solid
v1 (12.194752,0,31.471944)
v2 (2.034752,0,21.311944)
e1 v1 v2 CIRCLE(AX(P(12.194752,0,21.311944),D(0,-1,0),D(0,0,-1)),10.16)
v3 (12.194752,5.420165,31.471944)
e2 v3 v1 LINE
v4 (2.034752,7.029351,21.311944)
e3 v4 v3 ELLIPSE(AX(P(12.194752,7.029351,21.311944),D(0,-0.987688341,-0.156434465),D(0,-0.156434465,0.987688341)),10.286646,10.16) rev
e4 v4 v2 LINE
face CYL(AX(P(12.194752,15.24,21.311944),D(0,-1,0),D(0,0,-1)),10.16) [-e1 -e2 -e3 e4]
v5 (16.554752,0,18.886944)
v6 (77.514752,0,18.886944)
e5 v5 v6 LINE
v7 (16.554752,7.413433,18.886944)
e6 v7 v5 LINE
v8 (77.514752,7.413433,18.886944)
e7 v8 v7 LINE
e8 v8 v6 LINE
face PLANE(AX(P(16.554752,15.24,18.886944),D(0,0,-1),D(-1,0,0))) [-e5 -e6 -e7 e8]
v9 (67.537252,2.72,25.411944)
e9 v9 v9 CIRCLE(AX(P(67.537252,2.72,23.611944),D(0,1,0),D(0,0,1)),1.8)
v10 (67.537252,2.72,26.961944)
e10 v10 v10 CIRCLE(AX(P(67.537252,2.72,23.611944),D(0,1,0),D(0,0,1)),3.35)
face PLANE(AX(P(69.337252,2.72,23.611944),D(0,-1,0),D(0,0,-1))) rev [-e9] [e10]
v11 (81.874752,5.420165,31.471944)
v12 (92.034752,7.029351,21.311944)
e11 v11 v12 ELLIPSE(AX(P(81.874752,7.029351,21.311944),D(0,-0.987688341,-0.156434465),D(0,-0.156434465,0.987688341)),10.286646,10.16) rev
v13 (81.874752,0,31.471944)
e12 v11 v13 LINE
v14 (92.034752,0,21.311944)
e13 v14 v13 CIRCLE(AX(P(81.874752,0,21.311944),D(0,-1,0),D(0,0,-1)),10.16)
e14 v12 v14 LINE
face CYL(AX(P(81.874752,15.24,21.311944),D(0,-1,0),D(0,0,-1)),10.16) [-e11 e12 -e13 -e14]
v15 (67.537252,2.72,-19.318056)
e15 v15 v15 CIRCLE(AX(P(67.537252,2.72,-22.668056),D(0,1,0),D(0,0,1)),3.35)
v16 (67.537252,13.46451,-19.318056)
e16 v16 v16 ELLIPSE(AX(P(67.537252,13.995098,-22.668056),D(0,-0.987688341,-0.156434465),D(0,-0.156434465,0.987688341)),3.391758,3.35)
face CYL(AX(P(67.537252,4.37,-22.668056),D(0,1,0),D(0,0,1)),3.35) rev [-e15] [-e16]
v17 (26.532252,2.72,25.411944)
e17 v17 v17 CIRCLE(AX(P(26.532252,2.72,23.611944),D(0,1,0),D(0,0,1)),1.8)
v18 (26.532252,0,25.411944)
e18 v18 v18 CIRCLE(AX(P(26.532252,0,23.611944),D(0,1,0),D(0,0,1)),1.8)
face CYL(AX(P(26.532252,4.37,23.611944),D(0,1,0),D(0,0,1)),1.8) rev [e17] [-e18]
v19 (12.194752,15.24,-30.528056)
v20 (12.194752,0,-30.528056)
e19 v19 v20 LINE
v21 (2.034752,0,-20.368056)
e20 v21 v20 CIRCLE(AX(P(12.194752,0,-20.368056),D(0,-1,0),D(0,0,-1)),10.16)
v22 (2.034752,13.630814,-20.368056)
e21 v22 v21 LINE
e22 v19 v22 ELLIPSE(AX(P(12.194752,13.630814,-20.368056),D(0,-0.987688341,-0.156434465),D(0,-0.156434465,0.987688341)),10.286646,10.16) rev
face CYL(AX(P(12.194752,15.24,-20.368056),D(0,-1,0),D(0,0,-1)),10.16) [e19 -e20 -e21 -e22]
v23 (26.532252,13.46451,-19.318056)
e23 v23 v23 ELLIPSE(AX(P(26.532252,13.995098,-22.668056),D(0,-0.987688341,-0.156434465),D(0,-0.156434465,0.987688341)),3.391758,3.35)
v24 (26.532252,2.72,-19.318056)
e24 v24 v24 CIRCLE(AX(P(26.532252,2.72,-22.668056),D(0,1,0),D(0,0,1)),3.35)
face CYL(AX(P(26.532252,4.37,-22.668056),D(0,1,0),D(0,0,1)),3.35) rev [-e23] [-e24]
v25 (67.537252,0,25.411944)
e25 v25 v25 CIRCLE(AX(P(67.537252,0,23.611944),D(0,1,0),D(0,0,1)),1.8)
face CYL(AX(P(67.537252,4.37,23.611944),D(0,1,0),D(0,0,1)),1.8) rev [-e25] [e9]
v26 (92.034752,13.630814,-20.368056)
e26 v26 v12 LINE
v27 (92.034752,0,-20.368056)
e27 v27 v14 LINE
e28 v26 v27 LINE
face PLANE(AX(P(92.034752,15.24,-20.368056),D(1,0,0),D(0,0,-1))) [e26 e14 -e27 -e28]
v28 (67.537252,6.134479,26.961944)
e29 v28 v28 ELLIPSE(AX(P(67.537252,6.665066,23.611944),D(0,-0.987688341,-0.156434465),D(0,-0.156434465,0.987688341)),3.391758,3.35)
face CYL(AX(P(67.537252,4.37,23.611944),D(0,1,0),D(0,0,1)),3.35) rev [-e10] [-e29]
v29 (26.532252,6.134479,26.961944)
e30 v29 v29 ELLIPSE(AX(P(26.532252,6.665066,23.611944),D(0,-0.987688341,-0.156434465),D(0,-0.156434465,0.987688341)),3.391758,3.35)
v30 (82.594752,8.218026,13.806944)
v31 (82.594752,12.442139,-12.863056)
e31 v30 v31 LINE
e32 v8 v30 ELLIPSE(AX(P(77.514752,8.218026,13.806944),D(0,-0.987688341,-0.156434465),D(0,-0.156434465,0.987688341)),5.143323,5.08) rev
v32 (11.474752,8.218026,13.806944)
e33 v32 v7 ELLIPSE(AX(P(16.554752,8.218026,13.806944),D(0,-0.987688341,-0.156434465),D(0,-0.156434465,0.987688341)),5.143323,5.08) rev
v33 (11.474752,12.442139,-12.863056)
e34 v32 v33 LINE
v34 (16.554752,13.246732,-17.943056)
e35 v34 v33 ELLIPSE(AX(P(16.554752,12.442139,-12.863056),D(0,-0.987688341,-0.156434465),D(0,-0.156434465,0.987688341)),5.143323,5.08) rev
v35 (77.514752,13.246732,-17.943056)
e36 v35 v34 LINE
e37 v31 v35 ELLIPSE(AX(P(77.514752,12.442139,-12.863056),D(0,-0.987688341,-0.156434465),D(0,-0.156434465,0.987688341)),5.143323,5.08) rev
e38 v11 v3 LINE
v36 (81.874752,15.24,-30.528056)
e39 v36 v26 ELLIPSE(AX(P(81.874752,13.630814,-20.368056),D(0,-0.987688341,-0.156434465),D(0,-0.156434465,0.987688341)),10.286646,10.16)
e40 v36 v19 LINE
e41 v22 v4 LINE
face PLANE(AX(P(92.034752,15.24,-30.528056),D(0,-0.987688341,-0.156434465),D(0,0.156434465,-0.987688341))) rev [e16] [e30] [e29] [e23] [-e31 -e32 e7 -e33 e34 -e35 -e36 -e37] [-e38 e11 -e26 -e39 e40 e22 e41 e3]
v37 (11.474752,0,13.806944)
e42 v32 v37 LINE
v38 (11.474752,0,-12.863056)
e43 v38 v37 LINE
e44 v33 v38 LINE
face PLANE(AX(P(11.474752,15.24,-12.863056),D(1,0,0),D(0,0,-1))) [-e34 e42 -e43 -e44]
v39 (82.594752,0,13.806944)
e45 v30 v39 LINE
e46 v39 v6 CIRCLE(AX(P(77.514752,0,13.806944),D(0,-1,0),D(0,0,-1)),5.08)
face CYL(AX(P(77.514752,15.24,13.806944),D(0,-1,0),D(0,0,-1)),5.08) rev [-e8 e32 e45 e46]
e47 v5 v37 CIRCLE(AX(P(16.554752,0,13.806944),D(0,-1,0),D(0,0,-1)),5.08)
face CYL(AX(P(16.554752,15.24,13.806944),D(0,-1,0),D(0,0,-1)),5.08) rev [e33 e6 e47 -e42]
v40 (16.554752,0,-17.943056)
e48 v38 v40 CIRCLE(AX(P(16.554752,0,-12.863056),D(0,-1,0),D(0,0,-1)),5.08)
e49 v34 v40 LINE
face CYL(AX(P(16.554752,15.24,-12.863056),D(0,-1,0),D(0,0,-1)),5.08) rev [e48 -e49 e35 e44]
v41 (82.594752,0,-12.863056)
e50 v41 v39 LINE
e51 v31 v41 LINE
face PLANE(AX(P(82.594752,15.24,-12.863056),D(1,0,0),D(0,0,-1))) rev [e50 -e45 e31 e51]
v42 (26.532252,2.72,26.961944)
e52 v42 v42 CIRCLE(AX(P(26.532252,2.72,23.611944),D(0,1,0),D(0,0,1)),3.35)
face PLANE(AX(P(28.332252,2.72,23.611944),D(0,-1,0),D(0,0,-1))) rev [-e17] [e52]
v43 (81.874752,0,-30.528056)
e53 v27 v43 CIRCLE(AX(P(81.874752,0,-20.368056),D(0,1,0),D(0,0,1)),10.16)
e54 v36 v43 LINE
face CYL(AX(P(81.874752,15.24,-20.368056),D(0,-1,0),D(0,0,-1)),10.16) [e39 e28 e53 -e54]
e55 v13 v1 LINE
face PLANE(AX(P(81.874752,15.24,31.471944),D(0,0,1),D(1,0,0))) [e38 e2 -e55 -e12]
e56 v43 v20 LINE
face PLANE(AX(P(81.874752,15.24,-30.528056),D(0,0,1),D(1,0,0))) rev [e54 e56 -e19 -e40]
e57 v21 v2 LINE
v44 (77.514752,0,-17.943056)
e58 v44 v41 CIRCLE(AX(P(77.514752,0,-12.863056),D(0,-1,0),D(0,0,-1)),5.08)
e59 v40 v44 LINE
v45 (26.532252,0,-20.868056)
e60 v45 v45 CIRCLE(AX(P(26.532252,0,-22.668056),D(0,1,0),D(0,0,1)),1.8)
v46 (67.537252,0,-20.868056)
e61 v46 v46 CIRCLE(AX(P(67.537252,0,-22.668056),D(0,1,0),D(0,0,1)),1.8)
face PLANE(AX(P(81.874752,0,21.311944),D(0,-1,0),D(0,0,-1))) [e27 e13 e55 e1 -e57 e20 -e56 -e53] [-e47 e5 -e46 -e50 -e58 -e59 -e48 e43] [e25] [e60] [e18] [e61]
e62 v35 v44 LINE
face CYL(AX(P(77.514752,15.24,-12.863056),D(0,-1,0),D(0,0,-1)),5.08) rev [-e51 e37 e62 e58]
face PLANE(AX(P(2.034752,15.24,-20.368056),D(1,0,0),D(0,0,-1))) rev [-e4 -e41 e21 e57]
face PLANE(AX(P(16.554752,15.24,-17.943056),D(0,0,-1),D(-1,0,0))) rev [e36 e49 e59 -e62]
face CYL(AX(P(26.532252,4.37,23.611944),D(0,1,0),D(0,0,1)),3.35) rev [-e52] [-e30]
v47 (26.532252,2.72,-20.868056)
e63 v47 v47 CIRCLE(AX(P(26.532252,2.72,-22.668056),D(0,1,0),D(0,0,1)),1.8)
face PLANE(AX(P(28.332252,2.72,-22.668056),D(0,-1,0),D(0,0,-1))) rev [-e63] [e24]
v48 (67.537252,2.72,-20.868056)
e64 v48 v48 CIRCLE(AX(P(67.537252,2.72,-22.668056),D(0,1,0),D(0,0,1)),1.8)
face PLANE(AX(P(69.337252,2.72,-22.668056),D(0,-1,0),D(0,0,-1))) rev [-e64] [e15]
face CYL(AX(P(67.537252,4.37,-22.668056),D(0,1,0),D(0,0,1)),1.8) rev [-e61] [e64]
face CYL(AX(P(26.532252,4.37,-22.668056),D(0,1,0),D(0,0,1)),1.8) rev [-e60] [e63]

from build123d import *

# Parameters (mm, degrees)
BOSS_EXTRUDE1_DEPTH            = 15.24
CUT_EXTRUDE1_DEPTH             = 97.554341556
CBORE_FOR_M3_SBHCS2_AT_2_COUNT = 2
CBORE_FOR_M3_SBHCS2_AT_2_PITCH = 41.005
CBORE_FOR_M3_SBHCS2_AT_3_COUNT = 2
CBORE_FOR_M3_SBHCS2_AT_3_PITCH = 61.832422118
CBORE_FOR_M3_SBHCS2_AT_4_COUNT = 2
CBORE_FOR_M3_SBHCS2_AT_4_PITCH = 46.28
SKETCH16_R                     = 3.35
CUT_EXTRUDE2_DEPTH             = 98.872548965


with BuildPart() as part:
    # Sketch2 → Boss-Extrude1 (new body)
    with BuildSketch(Plane(origin=(0, 0, 0), x_dir=(1, 0, 0), z_dir=(0, 1, 0))):
        with BuildLine():
            Line((81.8747525, 30.528055776), (12.1947525, 30.528055776))
            ThreePointArc((12.1947525, 30.528055776), (5.010547603, 27.552260673), (2.0347525, 20.368055776))
            Line((2.0347525, 20.368055776), (2.0347525, -21.311944224))
            ThreePointArc((2.0347525, -21.311944224), (5.010547603, -28.496149121), (12.1947525, -31.471944224))
            Line((12.1947525, -31.471944224), (81.8747525, -31.471944224))
            ThreePointArc((81.8747525, -31.471944224), (89.058957397, -28.496149121), (92.0347525, -21.311944224))
            Line((92.0347525, -21.311944224), (92.0347525, 20.368055776))
            ThreePointArc((92.0347525, 20.368055776), (89.058957397, 27.552260673), (81.8747525, 30.528055776))
        make_face()
        with BuildLine():
            Line((16.5547525, 17.943055776), (77.5147525, 17.943055776))
            ThreePointArc((77.5147525, 17.943055776), (81.106854948, 16.455158224), (82.5947525, 12.863055776))
            Line((82.5947525, 12.863055776), (82.5947525, -13.806944224))
            ThreePointArc((82.5947525, -13.806944224), (81.106854948, -17.399046672), (77.5147525, -18.886944224))
            Line((77.5147525, -18.886944224), (16.5547525, -18.886944224))
            ThreePointArc((16.5547525, -18.886944224), (12.962650051, -17.399046672), (11.4747525, -13.806944224))
            Line((11.4747525, -13.806944224), (11.4747525, 12.863055776))
            ThreePointArc((11.4747525, 12.863055776), (12.962650051, 16.455158224), (16.5547525, 17.943055776))
        make_face(mode=Mode.SUBTRACT)
    extrude(amount=BOSS_EXTRUDE1_DEPTH)

    # Sketch3 → Cut-Extrude1 (cut, through all)
    with BuildSketch(Plane.ZY.offset(-2.0347525)):
        Polygon((21.311944224, 15.24), (-20.368055776, 15.24), (-30.528055776, 15.24), (31.471944224, 5.4201647), (31.471944224, 15.24), align=None)
    extrude(amount=-CUT_EXTRUDE1_DEPTH, mode=Mode.SUBTRACT)

    # Sketch15 → CBORE for M3 SBHCS2 (revolve, cut)
    with BuildSketch(Plane(origin=(67.5372525, 4.37, 23.611944224), x_dir=(0, 0, 1), z_dir=(1, 0, 0))):
        Polygon((0, 0), (0, 4.37), (1.8, 4.37), (1.8, 1.65), (3.35, 1.65), (3.35, 0), align=None)
    cbore_for_m3_sbhcs2 = revolve(axis=Axis((67.5372525, 10.72, 23.611944224), (0, -1, 0)), mode=Mode.SUBTRACT)

    # CBORE for M3 SBHCS2 at 2: CBORE for M3 SBHCS2 ×2
    with Locations(*[(-i * CBORE_FOR_M3_SBHCS2_AT_2_PITCH, 0, 0) for i in range(1, CBORE_FOR_M3_SBHCS2_AT_2_COUNT)]):
        add(cbore_for_m3_sbhcs2, mode=Mode.SUBTRACT)

    # CBORE for M3 SBHCS2 at 3: CBORE for M3 SBHCS2 ×2
    with Locations(*[Vector(-0.6631634116100382, 0, -0.7484746418561787) * (i * CBORE_FOR_M3_SBHCS2_AT_3_PITCH) for i in range(1, CBORE_FOR_M3_SBHCS2_AT_3_COUNT)]):
        add(cbore_for_m3_sbhcs2, mode=Mode.SUBTRACT)

    # CBORE for M3 SBHCS2 at 4: CBORE for M3 SBHCS2 ×2
    with Locations(*[(0, 0, -i * CBORE_FOR_M3_SBHCS2_AT_4_PITCH) for i in range(1, CBORE_FOR_M3_SBHCS2_AT_4_COUNT)]):
        add(cbore_for_m3_sbhcs2, mode=Mode.SUBTRACT)

    # Sketch16 → Cut-Extrude2 (cut, through all)
    with BuildSketch(Plane(origin=(0, 4.37, 0), x_dir=(-1, 0, 0), z_dir=(0, -1, 0))):
        with Locations(Location((-67.5372525, -23.611944224, 0), (0, 0, 270))):
            Circle(SKETCH16_R)
        with Locations(Location((-26.5322525, -23.611944224, 0), (0, 0, 270))):
            Circle(SKETCH16_R)
        with Locations(Location((-67.5372525, 22.668055776, 0), (0, 0, 270))):
            Circle(SKETCH16_R)
        with Locations(Location((-26.5322525, 22.668055776, 0), (0, 0, 270))):
            Circle(SKETCH16_R)
    extrude(amount=-CUT_EXTRUDE2_DEPTH, mode=Mode.SUBTRACT)


solid = part.part
